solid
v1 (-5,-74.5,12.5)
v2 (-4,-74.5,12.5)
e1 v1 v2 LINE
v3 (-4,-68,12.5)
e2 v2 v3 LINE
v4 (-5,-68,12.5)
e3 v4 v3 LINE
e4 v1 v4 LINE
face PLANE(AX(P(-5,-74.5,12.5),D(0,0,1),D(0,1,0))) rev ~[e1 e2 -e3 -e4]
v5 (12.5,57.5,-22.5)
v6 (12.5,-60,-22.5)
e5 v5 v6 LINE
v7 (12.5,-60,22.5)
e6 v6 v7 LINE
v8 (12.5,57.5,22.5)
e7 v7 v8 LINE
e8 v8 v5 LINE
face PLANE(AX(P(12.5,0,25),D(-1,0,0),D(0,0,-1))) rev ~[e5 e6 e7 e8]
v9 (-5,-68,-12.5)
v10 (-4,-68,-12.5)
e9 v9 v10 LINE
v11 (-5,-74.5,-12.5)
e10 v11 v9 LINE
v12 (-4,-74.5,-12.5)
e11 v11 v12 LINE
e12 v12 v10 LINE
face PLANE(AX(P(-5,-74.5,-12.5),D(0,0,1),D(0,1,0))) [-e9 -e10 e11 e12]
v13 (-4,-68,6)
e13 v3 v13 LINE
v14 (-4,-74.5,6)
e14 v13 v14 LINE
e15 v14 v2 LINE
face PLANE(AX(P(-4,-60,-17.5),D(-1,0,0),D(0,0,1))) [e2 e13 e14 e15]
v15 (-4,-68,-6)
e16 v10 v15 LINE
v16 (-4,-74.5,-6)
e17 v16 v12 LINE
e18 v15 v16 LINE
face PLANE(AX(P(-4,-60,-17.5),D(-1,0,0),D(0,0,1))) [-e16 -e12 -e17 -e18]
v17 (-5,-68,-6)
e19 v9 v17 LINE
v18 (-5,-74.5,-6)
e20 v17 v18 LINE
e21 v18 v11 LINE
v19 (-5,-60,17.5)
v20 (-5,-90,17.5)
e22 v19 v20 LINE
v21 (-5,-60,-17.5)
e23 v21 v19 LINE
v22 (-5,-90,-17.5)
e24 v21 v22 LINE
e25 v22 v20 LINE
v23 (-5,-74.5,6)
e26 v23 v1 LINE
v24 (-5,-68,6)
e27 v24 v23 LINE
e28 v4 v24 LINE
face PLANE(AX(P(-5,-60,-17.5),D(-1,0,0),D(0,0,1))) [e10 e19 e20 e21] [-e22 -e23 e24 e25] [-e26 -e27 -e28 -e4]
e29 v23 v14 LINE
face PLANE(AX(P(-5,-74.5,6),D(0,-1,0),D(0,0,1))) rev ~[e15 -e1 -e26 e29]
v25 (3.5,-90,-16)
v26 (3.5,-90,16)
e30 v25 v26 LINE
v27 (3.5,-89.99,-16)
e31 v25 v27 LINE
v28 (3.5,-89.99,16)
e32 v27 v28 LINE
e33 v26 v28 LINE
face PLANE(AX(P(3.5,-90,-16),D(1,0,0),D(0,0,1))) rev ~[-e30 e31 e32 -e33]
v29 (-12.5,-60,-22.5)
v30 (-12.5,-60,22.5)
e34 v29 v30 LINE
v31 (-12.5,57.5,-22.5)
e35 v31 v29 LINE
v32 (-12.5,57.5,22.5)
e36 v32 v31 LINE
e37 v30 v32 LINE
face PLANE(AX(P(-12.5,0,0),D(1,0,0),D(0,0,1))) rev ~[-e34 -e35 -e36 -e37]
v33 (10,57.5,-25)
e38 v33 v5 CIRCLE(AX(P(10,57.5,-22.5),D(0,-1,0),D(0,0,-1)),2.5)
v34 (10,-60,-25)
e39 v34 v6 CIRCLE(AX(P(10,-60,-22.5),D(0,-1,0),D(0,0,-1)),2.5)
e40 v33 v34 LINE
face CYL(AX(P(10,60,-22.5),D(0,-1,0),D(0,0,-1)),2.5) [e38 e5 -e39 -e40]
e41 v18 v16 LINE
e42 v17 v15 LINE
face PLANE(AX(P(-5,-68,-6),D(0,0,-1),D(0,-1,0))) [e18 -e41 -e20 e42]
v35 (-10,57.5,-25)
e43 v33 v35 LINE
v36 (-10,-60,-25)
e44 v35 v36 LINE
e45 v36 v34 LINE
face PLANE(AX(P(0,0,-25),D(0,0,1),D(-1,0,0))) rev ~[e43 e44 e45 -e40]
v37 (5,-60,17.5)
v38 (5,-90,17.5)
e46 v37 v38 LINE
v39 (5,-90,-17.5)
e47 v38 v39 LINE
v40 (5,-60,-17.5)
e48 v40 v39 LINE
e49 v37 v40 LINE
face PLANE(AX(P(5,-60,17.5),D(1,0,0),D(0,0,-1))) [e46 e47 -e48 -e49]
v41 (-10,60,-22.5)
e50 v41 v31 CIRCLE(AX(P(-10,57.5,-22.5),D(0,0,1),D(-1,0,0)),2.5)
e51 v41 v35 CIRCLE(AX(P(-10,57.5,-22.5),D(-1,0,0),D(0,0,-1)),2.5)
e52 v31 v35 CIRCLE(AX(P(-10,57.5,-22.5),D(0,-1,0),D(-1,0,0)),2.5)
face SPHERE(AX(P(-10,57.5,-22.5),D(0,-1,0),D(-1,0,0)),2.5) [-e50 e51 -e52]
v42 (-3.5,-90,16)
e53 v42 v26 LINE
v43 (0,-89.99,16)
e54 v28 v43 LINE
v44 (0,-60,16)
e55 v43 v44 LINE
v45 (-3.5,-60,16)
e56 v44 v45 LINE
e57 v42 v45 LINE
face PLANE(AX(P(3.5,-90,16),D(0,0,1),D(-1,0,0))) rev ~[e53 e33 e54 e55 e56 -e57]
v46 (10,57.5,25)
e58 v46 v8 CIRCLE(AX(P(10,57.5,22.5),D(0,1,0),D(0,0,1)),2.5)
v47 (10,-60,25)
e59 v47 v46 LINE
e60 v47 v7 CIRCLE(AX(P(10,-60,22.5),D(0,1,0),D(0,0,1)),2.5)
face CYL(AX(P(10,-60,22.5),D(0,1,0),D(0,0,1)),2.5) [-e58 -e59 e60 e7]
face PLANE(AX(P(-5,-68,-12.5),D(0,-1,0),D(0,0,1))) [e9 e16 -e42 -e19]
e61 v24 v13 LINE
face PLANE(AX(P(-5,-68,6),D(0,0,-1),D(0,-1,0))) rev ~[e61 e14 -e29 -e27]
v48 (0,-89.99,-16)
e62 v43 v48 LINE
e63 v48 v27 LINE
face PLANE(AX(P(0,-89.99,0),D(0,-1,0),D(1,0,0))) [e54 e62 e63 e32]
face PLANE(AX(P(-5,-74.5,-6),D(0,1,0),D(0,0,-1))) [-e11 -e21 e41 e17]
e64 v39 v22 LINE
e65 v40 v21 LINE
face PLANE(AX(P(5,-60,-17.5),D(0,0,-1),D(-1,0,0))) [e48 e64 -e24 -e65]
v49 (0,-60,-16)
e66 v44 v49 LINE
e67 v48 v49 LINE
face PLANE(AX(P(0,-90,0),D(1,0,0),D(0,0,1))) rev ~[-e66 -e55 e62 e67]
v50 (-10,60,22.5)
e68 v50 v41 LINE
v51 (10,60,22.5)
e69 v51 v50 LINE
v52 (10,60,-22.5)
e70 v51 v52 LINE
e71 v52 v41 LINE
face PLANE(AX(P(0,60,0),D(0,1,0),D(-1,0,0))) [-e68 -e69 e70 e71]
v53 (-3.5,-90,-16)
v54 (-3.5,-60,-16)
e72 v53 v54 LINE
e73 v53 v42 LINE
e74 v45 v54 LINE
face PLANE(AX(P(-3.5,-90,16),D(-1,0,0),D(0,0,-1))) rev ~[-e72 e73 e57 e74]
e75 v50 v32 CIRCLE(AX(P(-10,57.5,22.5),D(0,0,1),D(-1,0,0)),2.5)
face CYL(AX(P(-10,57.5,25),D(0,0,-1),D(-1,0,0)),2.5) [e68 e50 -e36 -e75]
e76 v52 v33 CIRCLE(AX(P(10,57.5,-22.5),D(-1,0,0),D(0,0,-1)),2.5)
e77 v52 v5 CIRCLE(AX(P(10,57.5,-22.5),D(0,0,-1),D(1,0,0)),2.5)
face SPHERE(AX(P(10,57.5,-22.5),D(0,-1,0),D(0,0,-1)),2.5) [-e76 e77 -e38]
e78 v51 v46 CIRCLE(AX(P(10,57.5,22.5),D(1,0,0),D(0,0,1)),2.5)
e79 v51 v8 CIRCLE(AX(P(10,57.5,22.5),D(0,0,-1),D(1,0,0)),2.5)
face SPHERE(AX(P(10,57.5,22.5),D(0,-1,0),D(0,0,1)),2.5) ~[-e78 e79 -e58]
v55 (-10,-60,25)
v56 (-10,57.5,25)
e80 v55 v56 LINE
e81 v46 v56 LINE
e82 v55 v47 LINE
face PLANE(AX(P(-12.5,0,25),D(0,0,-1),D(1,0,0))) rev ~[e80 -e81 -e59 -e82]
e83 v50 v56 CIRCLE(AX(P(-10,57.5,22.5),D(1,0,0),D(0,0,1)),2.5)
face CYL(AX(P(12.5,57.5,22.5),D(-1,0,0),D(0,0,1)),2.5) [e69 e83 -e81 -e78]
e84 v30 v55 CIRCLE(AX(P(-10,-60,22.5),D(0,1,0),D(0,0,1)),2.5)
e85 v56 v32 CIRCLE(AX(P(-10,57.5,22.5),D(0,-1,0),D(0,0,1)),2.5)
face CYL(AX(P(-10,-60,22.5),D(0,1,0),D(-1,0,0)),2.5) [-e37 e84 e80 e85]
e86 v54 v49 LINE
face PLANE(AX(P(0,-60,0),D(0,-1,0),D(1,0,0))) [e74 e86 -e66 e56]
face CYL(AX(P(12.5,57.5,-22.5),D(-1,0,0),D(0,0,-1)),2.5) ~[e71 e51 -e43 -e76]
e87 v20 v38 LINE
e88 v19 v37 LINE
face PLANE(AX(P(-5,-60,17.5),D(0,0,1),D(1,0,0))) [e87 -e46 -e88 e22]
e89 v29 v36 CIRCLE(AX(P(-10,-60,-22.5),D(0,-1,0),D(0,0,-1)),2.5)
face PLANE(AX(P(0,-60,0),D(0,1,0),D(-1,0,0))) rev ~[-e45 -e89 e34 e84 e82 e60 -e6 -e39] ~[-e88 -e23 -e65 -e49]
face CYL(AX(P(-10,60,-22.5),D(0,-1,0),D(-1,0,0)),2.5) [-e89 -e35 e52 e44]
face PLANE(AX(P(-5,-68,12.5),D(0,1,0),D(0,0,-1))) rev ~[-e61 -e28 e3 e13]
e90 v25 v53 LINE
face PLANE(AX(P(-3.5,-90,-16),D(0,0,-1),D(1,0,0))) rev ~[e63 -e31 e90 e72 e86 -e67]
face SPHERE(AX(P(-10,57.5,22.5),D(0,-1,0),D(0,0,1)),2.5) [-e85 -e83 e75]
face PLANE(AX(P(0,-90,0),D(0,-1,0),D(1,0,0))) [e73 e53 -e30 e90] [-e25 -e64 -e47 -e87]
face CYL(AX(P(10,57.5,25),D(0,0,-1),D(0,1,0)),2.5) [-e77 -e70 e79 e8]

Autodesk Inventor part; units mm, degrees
ref_plane "YZ Plane" through (0, 0, 0) normal (1, 0, 0) x (0, 1, 0)
ref_plane "XZ Plane" through (0, 0, 0) normal (0, 1, 0) x (-1, 0, 0)
ref_plane "XY Plane" through (0, 0, 0) normal (0, 0, 1) x (1, 0, 0)
sketch "Sketch1" plane through (0, 0, 0) normal (0, 1, 0) x (-1, 0, 0)
  line L0 (12.5, 25) -> (-12.5, 25)
  line L1 (-12.5, 25) -> (-12.5, -25)
  line L2 (-12.5, -25) -> (12.5, -25)
  line L3 (12.5, -25) -> (12.5, 25)
  line L4 (17.5, 0) -> (-17.5, 0) projected
  line L5 (0, -35) -> (0, 35) projected
  point P0 (0, 0)
  point P1 (12.5, 0)
  point P2 (0, -25)
  dimension "d0" = 50
  dimension "d1" = 25
extrude "Extrusion1" add sketch "Sketch1" along normal mid plane 120
sketch "Sketch2" plane through (0, -60, 0) normal (0, -1, 0) x (1, 0, 0)
  line L0 (-12.5, -25) -> (12.5, -25) projected
  line L1 (12.5, -25) -> (12.5, 25) projected
  line L2 (12.5, 25) -> (-12.5, 25) projected
  line L3 (-12.5, 25) -> (-12.5, -25) projected
  line L4 (5, 17.5) -> (5, -17.5)
  line L5 (5, -17.5) -> (-5, -17.5)
  line L6 (-5, -17.5) -> (-5, 17.5)
  line L7 (-5, 17.5) -> (5, 17.5)
  point P0 (0, 0)
  dimension "d4" = 10
extrude "Extrusion2" add sketch "Sketch2" along normal blind 30 contours L4 L5 L6 L7
sketch "Sketch3" plane through (0, -90, 0) normal (0, -1, 0) x (1, 0, 0)
  line L0 (5, -17.5) -> (5, 17.5) projected
  line L1 (5, 17.5) -> (-5, 17.5) projected
  line L2 (-5, 17.5) -> (-5, -17.5) projected
  line L3 (-5, -17.5) -> (5, -17.5) projected
  line L4 (-3.5, -16) -> (0, -16)
  line L5 (0, -16) -> (0, 16)
  line L6 (0, 16) -> (-3.5, 16)
  line L7 (-3.5, 16) -> (-3.5, -16)
  line L8 (-17.5, 0) -> (17.5, 0) projected
  line L9 (0, -35) -> (0, 35) projected
  point P0 (0, 0)
  point P1 (-3.5, 0)
  dimension "d7" = 1.5
  dimension "d8" = 1.5
extrude "Extrusion3" cut sketch "Sketch3" against normal blind 30 contours L8 L7 L6 L5 | L5 L4 L7 L8
sketch "Sketch4" plane through (-5, -60, -17.5) normal (-1, 0, 0) x (0, 0, 1)
  line L0 (0, 0) -> (35, 0) projected
  line L1 (0, 0) -> (0, -30) projected
  line L2 (35, -30) -> (0, -30) projected
  line L3 (35, 0) -> (35, -30) projected
  line L4 (17.5, -60) -> (17.5, 150) projected
  line L5 (5, -8) -> (11.5, -8)
  line L6 (11.5, -8) -> (11.5, -14.5)
  line L7 (11.5, -14.5) -> (5, -14.5)
  line L8 (5, -14.5) -> (5, -8)
  line L9 (30, -8) -> (23.5, -8)
  line L10 (23.5, -8) -> (23.5, -14.5)
  line L11 (23.5, -14.5) -> (30, -14.5)
  line L12 (30, -14.5) -> (30, -8)
  point P0 (17.5, 60)
  dimension "d11" = 6.5
  dimension "d12" = 6
  dimension "d13" = 8
extrude "Extrusion4" cut sketch "Sketch4" against normal blind 1 contours L5 L6 L7 L8 | L12 L11 L10 L9
fillet "Fillet1" radius 2.5 8 edges at (-12.5, 0, 25) (-12.5, 0, -25) (12.5, 0, 25) (12.5, 0, -25) (0, 60, 25) (-12.5, 60, 0) (0, 60, -25) (12.5, 60, 0)
sketch "Sketch5" plane through (0, -90, 0) normal (0, -1, 0) x (1, 0, 0)
  line L0 (0, -16) -> (-3.5, -16) projected
  line L1 (-3.5, -16) -> (-3.5, 16) projected
  line L2 (-3.5, 16) -> (0, 16) projected
  line L3 (0, 16) -> (0, -16) projected
  line L4 (5, -17.5) -> (5, 17.5) projected
  line L5 (5, 17.5) -> (-5, 17.5) projected
  line L6 (-5, 17.5) -> (-5, -17.5) projected
  line L7 (-5, -17.5) -> (5, -17.5) projected
  line L8 (0, -16) -> (3.5, -16)
  line L9 (3.5, -16) -> (3.5, 16)
  line L10 (3.5, 16) -> (0, 16)
  line L11 (0, 16) -> (0, -16)
  point P0 (0, 0)
  dimension "d17" = 1.5
  dimension "d18" = 1.5
extrude "Extrusion5" cut sketch "Sketch5" against normal blind 0.01 contours L3 L10 L9 L8
properties part number "USB_Stick" material "ABS Plastic"
